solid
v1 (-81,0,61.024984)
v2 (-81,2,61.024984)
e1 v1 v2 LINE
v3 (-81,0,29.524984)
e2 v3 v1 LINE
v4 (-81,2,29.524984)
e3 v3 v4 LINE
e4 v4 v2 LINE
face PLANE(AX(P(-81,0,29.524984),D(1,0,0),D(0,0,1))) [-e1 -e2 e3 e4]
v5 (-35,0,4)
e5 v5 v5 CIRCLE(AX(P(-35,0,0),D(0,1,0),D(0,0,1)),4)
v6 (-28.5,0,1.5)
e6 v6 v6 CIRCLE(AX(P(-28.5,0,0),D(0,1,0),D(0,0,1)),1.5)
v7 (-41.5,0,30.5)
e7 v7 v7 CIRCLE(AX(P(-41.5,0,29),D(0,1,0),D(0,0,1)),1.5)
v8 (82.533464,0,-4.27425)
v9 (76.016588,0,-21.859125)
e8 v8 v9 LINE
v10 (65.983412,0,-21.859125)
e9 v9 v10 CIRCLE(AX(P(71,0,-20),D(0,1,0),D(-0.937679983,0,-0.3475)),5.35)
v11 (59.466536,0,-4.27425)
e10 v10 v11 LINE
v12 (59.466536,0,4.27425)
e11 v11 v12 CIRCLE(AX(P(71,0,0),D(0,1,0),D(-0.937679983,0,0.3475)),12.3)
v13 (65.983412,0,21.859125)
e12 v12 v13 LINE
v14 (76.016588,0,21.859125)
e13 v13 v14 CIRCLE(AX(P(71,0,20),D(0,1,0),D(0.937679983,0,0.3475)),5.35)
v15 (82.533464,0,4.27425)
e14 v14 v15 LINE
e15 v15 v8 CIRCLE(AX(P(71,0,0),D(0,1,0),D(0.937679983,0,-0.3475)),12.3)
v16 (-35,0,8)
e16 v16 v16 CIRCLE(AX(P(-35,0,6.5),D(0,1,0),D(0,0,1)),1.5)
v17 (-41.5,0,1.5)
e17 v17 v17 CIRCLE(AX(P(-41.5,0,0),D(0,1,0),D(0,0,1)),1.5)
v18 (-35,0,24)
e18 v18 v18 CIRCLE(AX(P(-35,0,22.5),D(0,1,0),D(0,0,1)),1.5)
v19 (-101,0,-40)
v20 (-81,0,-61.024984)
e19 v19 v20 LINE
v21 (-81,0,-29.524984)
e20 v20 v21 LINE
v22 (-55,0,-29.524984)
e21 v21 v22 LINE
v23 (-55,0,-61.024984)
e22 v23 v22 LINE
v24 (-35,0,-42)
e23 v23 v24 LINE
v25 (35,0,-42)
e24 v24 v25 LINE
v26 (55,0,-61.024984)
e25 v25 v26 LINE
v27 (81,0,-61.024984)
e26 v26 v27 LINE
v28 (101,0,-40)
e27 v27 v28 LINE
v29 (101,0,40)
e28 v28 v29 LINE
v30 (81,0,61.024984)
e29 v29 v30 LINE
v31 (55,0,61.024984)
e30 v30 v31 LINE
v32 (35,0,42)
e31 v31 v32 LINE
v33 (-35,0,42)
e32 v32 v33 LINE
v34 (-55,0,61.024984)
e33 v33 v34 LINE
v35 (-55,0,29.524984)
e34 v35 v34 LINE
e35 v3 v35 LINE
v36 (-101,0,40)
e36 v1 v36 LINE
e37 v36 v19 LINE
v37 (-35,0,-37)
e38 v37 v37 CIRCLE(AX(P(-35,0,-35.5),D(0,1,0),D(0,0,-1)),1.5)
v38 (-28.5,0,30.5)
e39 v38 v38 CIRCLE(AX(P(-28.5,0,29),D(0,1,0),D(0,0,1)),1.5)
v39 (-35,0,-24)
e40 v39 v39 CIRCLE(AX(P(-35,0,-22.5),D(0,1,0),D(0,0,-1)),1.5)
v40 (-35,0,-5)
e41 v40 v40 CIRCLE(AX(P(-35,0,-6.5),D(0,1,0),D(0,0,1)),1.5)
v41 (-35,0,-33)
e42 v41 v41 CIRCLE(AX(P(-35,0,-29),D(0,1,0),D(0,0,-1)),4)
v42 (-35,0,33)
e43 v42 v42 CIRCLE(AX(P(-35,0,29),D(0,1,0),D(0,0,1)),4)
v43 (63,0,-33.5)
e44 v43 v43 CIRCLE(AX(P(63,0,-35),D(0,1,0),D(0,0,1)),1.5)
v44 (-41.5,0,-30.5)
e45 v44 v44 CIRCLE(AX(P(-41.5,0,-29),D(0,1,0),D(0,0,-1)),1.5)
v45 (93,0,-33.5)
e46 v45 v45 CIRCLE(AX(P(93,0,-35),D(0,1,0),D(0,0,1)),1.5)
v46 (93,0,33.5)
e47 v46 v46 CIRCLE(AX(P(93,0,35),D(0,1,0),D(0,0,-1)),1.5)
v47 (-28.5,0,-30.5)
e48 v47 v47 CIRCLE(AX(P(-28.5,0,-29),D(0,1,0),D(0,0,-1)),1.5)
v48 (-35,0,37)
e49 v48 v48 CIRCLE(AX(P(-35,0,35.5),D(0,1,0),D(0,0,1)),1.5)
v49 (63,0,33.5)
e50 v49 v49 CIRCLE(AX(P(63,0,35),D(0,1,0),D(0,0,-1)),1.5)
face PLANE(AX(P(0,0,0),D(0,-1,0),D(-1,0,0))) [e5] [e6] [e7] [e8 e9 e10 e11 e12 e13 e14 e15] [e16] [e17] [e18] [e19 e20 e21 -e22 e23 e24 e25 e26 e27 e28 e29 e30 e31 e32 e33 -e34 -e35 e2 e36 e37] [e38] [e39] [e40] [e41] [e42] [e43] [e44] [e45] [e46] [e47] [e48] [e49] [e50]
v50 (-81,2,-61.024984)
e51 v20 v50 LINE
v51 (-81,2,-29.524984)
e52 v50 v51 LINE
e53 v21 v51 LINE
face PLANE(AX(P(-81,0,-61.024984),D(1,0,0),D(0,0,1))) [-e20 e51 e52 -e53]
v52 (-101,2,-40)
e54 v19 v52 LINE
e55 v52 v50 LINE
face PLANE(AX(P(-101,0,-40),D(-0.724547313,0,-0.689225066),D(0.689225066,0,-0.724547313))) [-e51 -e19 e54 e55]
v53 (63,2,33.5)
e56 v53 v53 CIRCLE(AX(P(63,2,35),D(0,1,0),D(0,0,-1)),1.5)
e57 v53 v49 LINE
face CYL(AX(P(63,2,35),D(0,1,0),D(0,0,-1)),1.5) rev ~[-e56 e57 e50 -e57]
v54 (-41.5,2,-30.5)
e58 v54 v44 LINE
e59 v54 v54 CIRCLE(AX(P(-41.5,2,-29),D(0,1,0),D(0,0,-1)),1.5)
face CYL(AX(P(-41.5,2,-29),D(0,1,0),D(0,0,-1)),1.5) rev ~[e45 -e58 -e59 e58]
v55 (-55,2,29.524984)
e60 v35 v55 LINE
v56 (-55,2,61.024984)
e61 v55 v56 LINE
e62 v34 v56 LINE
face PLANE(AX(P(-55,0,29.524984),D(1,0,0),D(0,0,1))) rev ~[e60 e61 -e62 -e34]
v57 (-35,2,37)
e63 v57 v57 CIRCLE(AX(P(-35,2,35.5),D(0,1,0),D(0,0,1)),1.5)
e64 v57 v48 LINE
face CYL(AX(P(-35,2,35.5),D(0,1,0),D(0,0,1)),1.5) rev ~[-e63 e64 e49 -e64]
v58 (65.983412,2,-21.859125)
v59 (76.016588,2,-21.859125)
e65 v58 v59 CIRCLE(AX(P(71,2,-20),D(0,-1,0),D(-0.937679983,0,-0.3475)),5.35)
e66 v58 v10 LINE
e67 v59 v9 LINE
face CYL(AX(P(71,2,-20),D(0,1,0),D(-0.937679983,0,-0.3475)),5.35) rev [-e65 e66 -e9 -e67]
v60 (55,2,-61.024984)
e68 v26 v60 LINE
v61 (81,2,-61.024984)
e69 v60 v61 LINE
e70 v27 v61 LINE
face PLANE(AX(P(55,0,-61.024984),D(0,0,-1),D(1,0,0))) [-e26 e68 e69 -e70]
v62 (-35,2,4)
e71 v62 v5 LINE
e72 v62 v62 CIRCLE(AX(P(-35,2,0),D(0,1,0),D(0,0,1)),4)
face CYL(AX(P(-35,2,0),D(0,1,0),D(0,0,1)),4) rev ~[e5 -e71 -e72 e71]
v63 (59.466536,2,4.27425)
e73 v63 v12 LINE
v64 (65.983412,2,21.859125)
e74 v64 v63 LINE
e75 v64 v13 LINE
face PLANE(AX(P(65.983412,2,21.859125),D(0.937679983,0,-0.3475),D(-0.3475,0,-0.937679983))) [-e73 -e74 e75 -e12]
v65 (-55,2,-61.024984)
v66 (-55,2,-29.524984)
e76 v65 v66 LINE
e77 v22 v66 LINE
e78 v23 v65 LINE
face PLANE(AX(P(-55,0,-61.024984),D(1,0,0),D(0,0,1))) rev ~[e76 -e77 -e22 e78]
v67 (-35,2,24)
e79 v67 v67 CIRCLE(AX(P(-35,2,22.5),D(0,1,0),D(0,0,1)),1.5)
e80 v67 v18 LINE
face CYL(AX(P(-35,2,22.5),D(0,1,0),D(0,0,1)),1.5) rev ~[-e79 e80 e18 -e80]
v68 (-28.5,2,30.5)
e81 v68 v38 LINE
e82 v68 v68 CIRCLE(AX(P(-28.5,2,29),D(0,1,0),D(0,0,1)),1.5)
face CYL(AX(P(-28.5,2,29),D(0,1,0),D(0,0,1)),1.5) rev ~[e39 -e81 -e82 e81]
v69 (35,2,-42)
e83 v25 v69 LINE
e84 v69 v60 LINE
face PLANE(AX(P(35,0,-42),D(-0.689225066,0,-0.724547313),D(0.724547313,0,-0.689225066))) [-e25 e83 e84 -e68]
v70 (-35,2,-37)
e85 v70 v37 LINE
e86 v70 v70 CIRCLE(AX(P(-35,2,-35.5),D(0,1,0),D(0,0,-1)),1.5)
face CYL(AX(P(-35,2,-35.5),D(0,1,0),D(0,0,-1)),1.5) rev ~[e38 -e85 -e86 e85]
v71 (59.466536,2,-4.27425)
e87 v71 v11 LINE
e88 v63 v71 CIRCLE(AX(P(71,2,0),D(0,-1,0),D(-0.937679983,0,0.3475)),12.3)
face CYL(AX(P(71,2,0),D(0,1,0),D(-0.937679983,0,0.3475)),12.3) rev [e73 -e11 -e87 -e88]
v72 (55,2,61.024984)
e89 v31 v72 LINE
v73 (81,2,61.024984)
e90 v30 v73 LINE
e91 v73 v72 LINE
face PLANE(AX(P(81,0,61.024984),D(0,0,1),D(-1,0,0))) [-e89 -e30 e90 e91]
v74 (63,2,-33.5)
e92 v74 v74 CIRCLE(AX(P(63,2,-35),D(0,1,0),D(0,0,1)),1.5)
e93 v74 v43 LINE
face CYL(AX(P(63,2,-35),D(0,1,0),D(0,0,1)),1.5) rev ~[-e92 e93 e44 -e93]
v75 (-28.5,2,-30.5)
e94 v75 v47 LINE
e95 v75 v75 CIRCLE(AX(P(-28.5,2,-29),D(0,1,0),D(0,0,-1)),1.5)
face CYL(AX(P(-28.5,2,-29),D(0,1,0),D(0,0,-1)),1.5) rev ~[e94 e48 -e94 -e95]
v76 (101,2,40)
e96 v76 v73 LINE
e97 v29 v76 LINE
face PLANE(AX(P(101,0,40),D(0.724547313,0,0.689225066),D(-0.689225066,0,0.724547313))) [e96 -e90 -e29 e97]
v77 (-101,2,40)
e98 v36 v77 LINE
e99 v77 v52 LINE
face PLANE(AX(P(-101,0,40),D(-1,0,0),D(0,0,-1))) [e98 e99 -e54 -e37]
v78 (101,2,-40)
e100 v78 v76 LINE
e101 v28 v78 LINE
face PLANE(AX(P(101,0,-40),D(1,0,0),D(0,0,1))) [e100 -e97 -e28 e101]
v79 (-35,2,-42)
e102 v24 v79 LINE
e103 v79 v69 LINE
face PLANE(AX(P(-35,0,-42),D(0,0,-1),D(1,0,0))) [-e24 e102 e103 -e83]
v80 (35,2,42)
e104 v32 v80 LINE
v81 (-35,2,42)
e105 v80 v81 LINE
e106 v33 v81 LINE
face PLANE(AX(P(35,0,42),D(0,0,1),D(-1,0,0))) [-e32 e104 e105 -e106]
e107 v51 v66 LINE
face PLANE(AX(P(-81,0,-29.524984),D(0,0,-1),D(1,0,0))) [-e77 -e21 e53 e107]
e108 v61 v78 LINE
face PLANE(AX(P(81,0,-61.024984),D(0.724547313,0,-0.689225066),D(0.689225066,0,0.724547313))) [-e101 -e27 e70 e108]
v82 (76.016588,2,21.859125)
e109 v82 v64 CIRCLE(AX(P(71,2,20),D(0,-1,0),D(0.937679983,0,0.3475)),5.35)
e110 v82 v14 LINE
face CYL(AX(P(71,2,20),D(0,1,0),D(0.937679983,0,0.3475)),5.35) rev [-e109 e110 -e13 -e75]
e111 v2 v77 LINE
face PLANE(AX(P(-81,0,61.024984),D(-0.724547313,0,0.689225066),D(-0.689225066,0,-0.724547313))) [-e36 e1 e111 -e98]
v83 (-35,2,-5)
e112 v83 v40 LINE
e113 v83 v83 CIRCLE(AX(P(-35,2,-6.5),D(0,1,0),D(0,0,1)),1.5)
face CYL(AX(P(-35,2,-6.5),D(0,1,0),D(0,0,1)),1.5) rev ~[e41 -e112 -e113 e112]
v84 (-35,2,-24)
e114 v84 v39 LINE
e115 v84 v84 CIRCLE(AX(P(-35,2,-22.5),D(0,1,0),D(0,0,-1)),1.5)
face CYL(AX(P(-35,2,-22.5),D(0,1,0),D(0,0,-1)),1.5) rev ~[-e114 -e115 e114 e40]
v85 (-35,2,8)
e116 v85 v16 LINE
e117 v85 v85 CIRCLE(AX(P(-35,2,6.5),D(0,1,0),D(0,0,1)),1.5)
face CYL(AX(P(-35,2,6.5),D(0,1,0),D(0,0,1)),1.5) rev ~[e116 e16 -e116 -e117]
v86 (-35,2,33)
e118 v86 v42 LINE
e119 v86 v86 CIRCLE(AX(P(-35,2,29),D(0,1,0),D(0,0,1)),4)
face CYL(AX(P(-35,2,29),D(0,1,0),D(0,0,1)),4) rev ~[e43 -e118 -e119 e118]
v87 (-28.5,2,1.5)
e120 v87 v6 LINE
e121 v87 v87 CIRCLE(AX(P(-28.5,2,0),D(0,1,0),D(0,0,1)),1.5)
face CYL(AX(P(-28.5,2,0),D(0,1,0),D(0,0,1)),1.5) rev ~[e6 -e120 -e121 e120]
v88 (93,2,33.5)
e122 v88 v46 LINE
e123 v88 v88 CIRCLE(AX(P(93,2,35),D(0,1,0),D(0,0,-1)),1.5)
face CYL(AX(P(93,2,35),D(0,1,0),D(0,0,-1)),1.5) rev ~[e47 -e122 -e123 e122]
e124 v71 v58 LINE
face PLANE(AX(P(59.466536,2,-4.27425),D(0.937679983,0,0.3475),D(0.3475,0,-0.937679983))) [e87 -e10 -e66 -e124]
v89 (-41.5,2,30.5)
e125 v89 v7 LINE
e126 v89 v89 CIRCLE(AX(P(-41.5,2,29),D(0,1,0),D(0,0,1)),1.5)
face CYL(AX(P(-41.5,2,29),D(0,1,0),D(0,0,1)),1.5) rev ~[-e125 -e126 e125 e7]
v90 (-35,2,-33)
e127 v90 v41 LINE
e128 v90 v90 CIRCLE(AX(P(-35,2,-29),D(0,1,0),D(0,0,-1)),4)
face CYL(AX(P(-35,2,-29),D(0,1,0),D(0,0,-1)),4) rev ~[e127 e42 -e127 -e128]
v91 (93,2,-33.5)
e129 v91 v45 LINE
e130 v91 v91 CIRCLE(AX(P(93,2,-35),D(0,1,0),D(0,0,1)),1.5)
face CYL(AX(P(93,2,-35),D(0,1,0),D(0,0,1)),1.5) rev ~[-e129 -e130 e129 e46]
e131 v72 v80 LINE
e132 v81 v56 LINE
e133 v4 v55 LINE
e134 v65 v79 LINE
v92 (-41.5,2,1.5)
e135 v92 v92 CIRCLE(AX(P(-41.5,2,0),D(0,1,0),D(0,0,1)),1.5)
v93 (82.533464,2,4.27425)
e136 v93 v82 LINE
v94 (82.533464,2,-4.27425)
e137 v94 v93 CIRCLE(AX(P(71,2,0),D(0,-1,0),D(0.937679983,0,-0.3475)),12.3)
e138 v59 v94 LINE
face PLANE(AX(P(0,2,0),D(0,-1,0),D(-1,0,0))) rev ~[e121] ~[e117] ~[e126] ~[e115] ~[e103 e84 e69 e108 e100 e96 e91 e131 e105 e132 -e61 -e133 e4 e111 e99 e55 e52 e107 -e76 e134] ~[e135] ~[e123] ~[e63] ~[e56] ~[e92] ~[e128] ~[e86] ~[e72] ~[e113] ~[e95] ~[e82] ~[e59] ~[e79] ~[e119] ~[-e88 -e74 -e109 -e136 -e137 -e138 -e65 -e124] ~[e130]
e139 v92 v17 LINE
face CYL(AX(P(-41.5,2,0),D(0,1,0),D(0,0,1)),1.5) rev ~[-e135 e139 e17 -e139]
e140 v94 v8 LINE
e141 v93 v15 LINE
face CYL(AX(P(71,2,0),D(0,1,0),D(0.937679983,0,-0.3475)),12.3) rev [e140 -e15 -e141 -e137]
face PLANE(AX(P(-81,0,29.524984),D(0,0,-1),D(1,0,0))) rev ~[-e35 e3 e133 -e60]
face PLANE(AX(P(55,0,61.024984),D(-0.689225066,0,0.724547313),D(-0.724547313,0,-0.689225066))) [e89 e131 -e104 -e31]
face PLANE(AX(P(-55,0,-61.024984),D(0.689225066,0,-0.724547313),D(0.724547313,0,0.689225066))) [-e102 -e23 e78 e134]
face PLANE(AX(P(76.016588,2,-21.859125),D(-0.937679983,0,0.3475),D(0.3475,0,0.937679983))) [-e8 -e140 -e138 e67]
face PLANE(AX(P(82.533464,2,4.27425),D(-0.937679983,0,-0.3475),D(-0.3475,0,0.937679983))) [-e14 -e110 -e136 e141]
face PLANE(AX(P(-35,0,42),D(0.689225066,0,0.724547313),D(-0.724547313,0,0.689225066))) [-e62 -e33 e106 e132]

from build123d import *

# Parameters (mm, degrees)
BOSS_EXTRUDE1_DEPTH = 2
SKETCH5_W           = 26
SKETCH5_H           = 31.5
CUT_EXTRUDE3_DEPTH  = 119.021390944
CUT_EXTRUDE4_DEPTH  = 119.021390944
SKETCH8_R           = 1.5
SKETCH8_R_2         = 4
CUT_EXTRUDE5_DEPTH  = 119.021390944
SKETCH9_R           = 1.5
CUT_EXTRUDE6_DEPTH  = 119.021390944


with BuildPart() as part:
    # Sketch1 → Boss-Extrude1 (new body)
    with BuildSketch(Plane(origin=(0, 0, 0), x_dir=(1, 0, 0), z_dir=(0, 1, 0))):
        Polygon((-55, 61.024984395), (-35, 42), (35, 42), (55, 61.024984395), (81, 61.024984395), (101, 40), (101, -40), (81, -61.024984395), (55, -61.024984395), (35, -42), (-35, -42), (-55, -61.024984395), (-81, -61.024984395), (-101, -40), (-101, 40), (-81, 61.024984395), align=None)
    extrude(amount=BOSS_EXTRUDE1_DEPTH)

    # Sketch5 → Cut-Extrude3 (cut, through all)
    with BuildSketch(Plane.XZ):
        with Locations((-68, -45.274984395)):
            Rectangle(SKETCH5_W, SKETCH5_H)
        with Locations((-68, 45.274984395)):
            Rectangle(SKETCH5_W, SKETCH5_H)
    extrude(amount=-CUT_EXTRUDE3_DEPTH, mode=Mode.SUBTRACT)

    # Sketch4 → Cut-Extrude4 (cut, through all)
    with BuildSketch(Plane(origin=(0, 2, 0), x_dir=(1, 0, 0), z_dir=(0, 1, 0))):
        with BuildLine():
            Line((76.016587908, 21.859125), (82.533463787, 4.27425))
            ThreePointArc((82.533463787, 4.27425), (83.3, 0), (82.533463787, -4.27425))
            Line((82.533463787, -4.27425), (76.016587908, -21.859125))
            ThreePointArc((76.016587908, -21.859125), (71, -25.35), (65.983412092, -21.859125))
            Line((65.983412092, -21.859125), (59.466536213, -4.27425))
            ThreePointArc((59.466536213, -4.27425), (58.7, 0), (59.466536213, 4.27425))
            Line((59.466536213, 4.27425), (65.983412092, 21.859125))
            ThreePointArc((65.983412092, 21.859125), (71, 25.35), (76.016587908, 21.859125))
        make_face()
    extrude(amount=-CUT_EXTRUDE4_DEPTH, mode=Mode.SUBTRACT)

    # Sketch8 → Cut-Extrude5 (cut, through all)
    with BuildSketch(Plane(origin=(0, 2, 0), x_dir=(1, 0, 0), z_dir=(0, 1, 0))):
        with Locations(Location((-35, -22.5, 0), (0, 0, 270))):
            Circle(SKETCH8_R)
        with Locations(Location((-41.5, -29, 0), (0, 0, 270))):
            Circle(SKETCH8_R)
        with Locations(Location((-35, -35.5, 0), (0, 0, 270))):
            Circle(SKETCH8_R)
        with Locations(Location((-28.5, -29, 0), (0, 0, 270))):
            Circle(SKETCH8_R)
        with Locations(Location((-35, -29, 0), (0, 0, 270))):
            Circle(SKETCH8_R_2)
        with Locations(Location((-35, 29, 0), (0, 0, 90))):
            Circle(SKETCH8_R_2)
        with Locations(Location((-28.5, 29, 0), (0, 0, 90))):
            Circle(SKETCH8_R)
        with Locations(Location((-35, 35.5, 0), (0, 0, 90))):
            Circle(SKETCH8_R)
        with Locations(Location((-41.5, 29, 0), (0, 0, 90))):
            Circle(SKETCH8_R)
        with Locations(Location((-35, 22.5, 0), (0, 0, 90))):
            Circle(SKETCH8_R)
        with Locations(Location((-35, 0, 0), (0, 0, 270))):
            Circle(SKETCH8_R_2)
        with Locations(Location((-35, 6.5, 0), (0, 0, 270))):
            Circle(SKETCH8_R)
        with Locations(Location((-28.5, 0, 0), (0, 0, 270))):
            Circle(SKETCH8_R)
        with Locations(Location((-41.5, 0, 0), (0, 0, 270))):
            Circle(SKETCH8_R)
        with Locations(Location((-35, -6.5, 0), (0, 0, 270))):
            Circle(SKETCH8_R)
    extrude(amount=-CUT_EXTRUDE5_DEPTH, mode=Mode.SUBTRACT)

    # Sketch9 → Cut-Extrude6 (cut, through all)
    with BuildSketch(Plane(origin=(0, 2, 0), x_dir=(1, 0, 0), z_dir=(0, 1, 0))):
        with Locations(Location((93, 35, 0), (0, 0, 270))):
            Circle(SKETCH9_R)
        with Locations(Location((63, 35, 0), (0, 0, 270))):
            Circle(SKETCH9_R)
        with Locations(Location((63, -35, 0), (0, 0, 90))):
            Circle(SKETCH9_R)
        with Locations(Location((93, -35, 0), (0, 0, 90))):
            Circle(SKETCH9_R)
    extrude(amount=-CUT_EXTRUDE6_DEPTH, mode=Mode.SUBTRACT)


solid = part.part
